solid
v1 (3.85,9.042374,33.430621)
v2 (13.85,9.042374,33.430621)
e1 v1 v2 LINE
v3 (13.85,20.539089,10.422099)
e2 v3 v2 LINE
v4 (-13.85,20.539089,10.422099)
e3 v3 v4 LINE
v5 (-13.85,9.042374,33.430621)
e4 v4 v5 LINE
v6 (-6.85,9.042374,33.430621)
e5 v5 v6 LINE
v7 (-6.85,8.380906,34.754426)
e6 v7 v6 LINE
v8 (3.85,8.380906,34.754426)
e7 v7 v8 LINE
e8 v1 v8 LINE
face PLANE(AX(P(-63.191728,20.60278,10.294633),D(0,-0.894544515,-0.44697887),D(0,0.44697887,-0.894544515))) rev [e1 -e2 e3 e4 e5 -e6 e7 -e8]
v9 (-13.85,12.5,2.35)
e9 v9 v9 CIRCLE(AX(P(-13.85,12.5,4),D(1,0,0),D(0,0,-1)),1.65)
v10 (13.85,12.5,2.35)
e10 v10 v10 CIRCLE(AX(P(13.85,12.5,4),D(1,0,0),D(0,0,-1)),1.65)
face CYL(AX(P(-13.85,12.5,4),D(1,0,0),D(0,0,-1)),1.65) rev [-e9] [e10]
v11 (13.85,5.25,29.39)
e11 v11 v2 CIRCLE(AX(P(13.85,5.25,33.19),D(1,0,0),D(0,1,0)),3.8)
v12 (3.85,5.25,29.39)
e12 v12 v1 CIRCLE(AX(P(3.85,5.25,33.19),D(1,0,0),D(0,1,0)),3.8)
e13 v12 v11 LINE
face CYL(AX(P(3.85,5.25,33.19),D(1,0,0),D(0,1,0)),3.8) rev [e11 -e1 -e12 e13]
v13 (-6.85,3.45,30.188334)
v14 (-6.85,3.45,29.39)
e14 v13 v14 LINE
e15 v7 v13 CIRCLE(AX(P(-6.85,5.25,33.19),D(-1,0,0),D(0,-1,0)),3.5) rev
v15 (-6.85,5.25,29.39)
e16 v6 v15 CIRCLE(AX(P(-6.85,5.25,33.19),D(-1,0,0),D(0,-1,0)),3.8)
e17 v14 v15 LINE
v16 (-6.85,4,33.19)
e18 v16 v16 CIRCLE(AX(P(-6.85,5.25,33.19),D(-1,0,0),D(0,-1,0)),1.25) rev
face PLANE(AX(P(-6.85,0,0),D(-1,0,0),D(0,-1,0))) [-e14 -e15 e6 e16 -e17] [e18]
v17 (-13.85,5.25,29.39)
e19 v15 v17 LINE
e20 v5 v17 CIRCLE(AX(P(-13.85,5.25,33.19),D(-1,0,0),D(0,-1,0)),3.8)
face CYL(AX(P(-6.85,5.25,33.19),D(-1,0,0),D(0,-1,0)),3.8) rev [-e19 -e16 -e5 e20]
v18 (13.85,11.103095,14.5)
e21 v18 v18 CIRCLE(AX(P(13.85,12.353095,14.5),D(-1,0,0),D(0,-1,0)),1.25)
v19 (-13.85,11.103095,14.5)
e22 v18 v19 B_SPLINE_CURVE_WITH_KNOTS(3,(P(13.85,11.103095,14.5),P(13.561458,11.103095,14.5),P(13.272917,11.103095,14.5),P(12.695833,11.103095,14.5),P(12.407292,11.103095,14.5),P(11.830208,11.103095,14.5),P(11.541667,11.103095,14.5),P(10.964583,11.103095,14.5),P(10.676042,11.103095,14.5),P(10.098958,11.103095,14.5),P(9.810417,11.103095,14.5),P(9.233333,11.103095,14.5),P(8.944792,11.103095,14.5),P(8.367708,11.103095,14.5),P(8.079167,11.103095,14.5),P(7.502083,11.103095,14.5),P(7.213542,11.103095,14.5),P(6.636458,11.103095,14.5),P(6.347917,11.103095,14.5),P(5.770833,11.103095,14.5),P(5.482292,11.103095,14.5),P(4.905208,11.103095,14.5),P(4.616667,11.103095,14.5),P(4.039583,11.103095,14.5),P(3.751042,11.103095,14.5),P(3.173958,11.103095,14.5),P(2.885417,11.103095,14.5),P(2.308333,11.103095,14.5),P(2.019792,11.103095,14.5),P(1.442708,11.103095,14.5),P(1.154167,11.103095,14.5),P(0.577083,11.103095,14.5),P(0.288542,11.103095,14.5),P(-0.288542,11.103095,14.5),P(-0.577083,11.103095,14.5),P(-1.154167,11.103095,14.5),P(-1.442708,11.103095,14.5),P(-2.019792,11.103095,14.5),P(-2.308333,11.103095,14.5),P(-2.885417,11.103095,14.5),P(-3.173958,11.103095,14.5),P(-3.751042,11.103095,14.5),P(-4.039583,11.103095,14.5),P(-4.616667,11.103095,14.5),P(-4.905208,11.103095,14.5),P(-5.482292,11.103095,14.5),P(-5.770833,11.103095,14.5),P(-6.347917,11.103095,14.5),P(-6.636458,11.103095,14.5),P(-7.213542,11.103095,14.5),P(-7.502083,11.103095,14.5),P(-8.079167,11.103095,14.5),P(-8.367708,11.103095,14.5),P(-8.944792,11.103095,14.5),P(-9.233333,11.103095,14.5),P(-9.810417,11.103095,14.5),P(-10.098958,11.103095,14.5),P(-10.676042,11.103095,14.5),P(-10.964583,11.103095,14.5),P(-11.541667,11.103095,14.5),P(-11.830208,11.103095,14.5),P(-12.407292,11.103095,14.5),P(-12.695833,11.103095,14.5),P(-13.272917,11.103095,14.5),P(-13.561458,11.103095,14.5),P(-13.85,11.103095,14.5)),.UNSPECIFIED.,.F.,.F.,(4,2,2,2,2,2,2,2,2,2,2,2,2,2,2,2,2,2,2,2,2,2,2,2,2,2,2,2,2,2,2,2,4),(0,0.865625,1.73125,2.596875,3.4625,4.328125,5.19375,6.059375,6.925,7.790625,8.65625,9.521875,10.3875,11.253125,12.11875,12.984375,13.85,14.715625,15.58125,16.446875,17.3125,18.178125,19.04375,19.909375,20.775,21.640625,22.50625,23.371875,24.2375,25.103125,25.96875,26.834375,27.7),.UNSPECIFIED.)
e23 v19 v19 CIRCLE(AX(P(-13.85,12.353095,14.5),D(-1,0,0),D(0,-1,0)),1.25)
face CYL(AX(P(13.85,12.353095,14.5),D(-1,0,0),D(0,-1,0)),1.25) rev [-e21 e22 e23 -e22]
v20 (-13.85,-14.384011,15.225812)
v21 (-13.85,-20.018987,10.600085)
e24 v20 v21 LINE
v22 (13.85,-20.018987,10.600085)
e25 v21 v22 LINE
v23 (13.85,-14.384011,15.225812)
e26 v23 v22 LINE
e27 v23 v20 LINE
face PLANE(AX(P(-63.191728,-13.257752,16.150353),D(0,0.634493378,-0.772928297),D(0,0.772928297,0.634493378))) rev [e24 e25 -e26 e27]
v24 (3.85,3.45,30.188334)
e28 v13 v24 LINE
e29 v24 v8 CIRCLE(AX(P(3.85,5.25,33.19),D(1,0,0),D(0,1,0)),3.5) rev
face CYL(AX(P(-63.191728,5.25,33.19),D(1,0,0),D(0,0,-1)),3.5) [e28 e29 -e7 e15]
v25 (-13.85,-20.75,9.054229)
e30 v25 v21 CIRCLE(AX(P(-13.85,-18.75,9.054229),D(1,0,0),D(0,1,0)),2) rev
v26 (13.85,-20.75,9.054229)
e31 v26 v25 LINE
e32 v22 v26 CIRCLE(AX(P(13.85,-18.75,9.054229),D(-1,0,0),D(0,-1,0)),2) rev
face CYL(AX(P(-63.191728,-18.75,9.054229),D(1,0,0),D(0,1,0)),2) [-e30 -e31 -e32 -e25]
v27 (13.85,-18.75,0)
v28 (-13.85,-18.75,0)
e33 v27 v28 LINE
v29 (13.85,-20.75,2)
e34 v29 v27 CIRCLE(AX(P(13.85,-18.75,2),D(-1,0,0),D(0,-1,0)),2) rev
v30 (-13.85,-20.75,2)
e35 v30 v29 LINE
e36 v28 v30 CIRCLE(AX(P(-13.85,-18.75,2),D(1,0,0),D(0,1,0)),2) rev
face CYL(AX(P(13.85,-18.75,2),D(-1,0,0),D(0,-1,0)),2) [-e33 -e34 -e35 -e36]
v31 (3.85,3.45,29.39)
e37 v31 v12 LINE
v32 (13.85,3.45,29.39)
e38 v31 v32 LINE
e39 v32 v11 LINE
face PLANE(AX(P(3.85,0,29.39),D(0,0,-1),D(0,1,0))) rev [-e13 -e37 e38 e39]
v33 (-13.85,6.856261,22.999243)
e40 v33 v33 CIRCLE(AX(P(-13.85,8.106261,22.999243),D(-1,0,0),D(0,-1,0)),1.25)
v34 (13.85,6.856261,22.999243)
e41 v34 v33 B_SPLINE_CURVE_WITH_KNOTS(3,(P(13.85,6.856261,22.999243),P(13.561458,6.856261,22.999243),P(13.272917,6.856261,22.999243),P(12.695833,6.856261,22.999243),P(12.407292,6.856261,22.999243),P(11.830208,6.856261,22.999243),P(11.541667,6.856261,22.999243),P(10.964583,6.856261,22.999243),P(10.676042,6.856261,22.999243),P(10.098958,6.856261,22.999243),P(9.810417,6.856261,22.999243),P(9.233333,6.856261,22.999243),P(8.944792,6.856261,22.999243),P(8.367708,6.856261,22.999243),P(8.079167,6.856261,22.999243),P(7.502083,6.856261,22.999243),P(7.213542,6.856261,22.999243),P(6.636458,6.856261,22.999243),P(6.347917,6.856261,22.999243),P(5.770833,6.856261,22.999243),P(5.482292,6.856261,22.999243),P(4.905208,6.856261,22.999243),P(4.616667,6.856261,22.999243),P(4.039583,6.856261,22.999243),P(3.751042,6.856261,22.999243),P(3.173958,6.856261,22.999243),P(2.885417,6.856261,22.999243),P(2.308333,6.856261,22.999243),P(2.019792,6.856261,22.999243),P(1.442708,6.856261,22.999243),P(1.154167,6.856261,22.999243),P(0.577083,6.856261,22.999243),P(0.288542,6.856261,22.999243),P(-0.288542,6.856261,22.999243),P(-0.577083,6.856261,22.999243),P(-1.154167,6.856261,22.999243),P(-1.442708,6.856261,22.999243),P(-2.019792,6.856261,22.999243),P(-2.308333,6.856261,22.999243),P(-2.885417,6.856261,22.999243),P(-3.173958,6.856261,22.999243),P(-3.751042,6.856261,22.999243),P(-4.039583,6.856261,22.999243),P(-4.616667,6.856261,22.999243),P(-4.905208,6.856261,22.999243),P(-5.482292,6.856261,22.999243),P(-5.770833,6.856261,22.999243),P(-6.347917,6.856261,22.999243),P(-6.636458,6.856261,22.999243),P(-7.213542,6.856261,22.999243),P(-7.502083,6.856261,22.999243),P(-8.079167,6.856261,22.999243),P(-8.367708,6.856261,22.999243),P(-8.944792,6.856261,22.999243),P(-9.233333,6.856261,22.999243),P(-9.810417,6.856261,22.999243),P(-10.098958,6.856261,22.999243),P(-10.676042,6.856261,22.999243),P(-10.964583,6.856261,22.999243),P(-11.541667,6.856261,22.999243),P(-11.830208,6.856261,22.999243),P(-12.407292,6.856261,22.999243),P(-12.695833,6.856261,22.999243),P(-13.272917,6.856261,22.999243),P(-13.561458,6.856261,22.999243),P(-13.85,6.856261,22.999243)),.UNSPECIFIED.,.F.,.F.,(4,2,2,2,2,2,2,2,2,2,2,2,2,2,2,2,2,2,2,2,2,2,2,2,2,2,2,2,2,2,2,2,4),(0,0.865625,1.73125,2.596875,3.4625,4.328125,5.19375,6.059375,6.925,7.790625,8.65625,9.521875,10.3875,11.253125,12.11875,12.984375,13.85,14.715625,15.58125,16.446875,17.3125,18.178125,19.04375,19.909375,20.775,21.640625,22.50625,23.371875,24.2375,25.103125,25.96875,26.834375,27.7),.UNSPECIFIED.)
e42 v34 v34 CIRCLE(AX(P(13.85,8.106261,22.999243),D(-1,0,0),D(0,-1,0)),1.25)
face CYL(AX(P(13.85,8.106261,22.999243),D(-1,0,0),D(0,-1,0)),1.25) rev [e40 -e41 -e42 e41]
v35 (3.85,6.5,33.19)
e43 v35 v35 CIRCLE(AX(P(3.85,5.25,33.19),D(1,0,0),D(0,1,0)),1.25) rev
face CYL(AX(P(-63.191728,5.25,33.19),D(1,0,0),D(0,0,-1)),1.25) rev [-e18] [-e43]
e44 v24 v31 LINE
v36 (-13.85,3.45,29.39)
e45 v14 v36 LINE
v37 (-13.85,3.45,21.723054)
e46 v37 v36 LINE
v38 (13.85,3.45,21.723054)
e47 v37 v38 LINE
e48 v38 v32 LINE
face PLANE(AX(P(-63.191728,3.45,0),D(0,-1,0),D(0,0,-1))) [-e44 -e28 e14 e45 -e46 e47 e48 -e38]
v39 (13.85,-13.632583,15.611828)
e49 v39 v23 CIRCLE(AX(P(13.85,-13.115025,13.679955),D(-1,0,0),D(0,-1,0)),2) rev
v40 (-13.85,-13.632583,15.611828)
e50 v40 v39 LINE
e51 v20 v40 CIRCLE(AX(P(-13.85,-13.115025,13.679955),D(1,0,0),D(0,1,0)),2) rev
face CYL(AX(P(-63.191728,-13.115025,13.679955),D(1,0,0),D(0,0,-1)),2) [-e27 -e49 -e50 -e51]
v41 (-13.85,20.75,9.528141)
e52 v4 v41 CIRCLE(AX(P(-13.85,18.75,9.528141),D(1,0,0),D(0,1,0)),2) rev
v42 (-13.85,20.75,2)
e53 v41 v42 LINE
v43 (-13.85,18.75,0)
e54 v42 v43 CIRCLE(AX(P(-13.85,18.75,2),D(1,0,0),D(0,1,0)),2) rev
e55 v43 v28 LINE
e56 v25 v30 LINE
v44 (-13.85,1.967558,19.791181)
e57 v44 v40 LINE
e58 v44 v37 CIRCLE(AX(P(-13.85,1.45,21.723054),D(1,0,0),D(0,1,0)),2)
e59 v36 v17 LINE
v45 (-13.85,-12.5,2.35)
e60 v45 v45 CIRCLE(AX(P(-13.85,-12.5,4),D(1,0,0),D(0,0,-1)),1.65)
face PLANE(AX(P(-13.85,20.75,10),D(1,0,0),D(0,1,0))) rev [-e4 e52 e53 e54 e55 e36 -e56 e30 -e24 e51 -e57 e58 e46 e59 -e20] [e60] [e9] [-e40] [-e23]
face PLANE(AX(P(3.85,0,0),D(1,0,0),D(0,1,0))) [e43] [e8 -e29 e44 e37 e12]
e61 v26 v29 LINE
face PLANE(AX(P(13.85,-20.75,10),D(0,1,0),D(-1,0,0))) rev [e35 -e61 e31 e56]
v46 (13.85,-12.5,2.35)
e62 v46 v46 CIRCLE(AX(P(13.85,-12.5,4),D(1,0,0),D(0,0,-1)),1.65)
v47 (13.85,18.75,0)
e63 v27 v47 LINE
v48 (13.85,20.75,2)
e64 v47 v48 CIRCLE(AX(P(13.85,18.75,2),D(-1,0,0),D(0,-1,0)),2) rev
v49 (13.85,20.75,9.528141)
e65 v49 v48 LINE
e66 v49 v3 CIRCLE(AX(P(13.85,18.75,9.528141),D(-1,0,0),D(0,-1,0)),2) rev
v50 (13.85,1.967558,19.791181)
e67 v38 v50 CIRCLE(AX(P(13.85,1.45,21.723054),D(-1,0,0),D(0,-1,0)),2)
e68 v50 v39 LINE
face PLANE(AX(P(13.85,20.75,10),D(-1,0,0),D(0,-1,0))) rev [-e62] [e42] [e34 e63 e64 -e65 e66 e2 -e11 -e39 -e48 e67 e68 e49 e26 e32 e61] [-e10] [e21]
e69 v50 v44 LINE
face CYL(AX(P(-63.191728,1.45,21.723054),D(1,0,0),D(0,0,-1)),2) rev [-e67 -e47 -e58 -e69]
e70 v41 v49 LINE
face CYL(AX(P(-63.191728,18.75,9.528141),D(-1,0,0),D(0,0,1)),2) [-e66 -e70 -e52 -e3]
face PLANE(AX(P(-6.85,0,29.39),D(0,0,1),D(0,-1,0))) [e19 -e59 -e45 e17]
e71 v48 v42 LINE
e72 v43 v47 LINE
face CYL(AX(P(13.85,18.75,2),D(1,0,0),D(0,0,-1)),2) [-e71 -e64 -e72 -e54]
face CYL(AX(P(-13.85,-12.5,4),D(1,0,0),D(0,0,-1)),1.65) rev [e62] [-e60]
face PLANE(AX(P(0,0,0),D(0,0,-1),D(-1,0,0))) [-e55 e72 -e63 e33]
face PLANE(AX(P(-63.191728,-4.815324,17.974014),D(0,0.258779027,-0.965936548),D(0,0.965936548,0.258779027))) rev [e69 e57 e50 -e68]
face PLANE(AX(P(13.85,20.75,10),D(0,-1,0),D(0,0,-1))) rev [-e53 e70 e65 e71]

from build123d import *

# Parameters (mm, degrees)
SKETCH1_W                       = 27.7
SKETCH1_H                       = 41.5
BOSS_EXTRUDE1_DEPTH             = 10
CUT_EXTRUDE2_DEPTH              = 27.877220838
CUT_EXTRUDE2_DEPTH_BACK         = 27.877220838
SKETCH2_R                       = 1.65
BOSS_EXTRUDE2_REACH             = 28.877
SKETCH3_R                       = 1.25
BOSS_EXTRUDE2_DIRECTION_2_REACH = 28.877
CUT_EXTRUDE3_START              = -7
SKETCH4_R                       = 1.25
CUT_EXTRUDE3_DEPTH              = 7
SKETCH6_R                       = 1.25
CUT_EXTRUDE5_DEPTH              = 10
SKETCH5_R                       = 1.25
CUT_EXTRUDE4_DEPTH              = 51.438166105
FILLET1_R                       = 2


with BuildPart() as part:
    # Sketch1 → Boss-Extrude1 (new body)
    with BuildSketch(Plane.XY):
        Rectangle(SKETCH1_W, SKETCH1_H)
    extrude(amount=BOSS_EXTRUDE1_DEPTH)

    # Sketch2 → Cut-Extrude2 (cut, two sides: drawn at the far end of the back side and taken through both)
    with BuildSketch(Plane(origin=(0, 0, 0), x_dir=(0, 0, -1), z_dir=(1, 0, 0)).offset(-CUT_EXTRUDE2_DEPTH_BACK)):
        with Locations((-4, 12.5)):
            Circle(SKETCH2_R)
        with Locations((-4, -12.5)):
            Circle(SKETCH2_R)
    extrude(amount=CUT_EXTRUDE2_DEPTH + CUT_EXTRUDE2_DEPTH_BACK, mode=Mode.SUBTRACT)

    # Boss-Extrude2: up to this face of the body (flat: up to its plane)
    boss_extrude2_end = Plane(part.part.faces().sort_by_distance((-13.85, 0, 5.042991276))[0])
    # Sketch3 → Boss-Extrude2 (add, up to the picked face)
    with BuildSketch(Plane(origin=(0, 0, 0), x_dir=(0, 0, -1), z_dir=(1, 0, 0)), mode=Mode.PRIVATE) as boss_extrude2_sk1:
        Polygon((-15.5, -14.05), (-10, -14.05), (-10, 3.45), (-20.188333796, 3.45), align=None)
    boss_extrude2_tool1 = split(extrude(boss_extrude2_sk1.sketch, amount=-BOSS_EXTRUDE2_REACH, mode=Mode.PRIVATE), bisect_by=boss_extrude2_end, keep=Keep.BOTH, mode=Mode.PRIVATE)
    # Sketch3 → Boss-Extrude2 (add, up to the picked face)
    with BuildSketch(Plane(origin=(0, 0, 0), x_dir=(0, 0, -1), z_dir=(1, 0, 0)), mode=Mode.PRIVATE) as boss_extrude2_sk2:
        with BuildLine():
            Line((-20.188333796, 3.45), (-10, 3.45))
            Line((-10, 3.45), (-10, 20.75))
            Line((-10, 20.75), (-34.754426044, 8.380905804))
            ThreePointArc((-34.754426044, 8.380905804), (-35.758048448, 2.871948872), (-30.188333796, 3.45))
            Line((-30.188333796, 3.45), (-20.188333796, 3.45))
        make_face()
        with Locations(Location((-33.19, 5.25, 0), (0, 0, 90))):
            Circle(SKETCH3_R, mode=Mode.SUBTRACT)
    boss_extrude2_tool2 = split(extrude(boss_extrude2_sk2.sketch, amount=-BOSS_EXTRUDE2_REACH, mode=Mode.PRIVATE), bisect_by=boss_extrude2_end, keep=Keep.BOTH, mode=Mode.PRIVATE)
    # Sketch3 → Boss-Extrude2 (add, up to the picked face)
    with BuildSketch(Plane(origin=(0, 0, 0), x_dir=(0, 0, -1), z_dir=(1, 0, 0)), mode=Mode.PRIVATE) as boss_extrude2_sk3:
        Polygon((-10, -14.05), (-10, -20.75), (-15.5, -14.05), align=None)
    boss_extrude2_tool3 = split(extrude(boss_extrude2_sk3.sketch, amount=-BOSS_EXTRUDE2_REACH, mode=Mode.PRIVATE), bisect_by=boss_extrude2_end, keep=Keep.BOTH, mode=Mode.PRIVATE)
    add(boss_extrude2_tool1.solids().sort_by(Axis((0, -4.428377, 14.038839), (-1, 0, 0)))[0])
    add(boss_extrude2_tool2.solids().sort_by(Axis((0, 9.377547, 20.597774), (-1, 0, 0)))[0])
    add(boss_extrude2_tool3.solids().sort_by(Axis((0, -16.283333, 11.833333), (-1, 0, 0)))[0])

    # Boss-Extrude2 direction 2: up to this face of the body (flat: up to its plane)
    boss_extrude2_direction_2_end = Plane(part.part.faces().sort_by_distance((13.85, 0, 5.042991276))[0])
    # Sketch3 → Boss-Extrude2 direction 2 (add, up to the picked face)
    with BuildSketch(Plane(origin=(0, 0, 0), x_dir=(0, 0, -1), z_dir=(1, 0, 0)), mode=Mode.PRIVATE) as boss_extrude2_direction_2_sk1:
        Polygon((-15.5, -14.05), (-10, -14.05), (-10, 3.45), (-20.188333796, 3.45), align=None)
    boss_extrude2_direction_2_tool1 = split(extrude(boss_extrude2_direction_2_sk1.sketch, amount=BOSS_EXTRUDE2_DIRECTION_2_REACH, mode=Mode.PRIVATE), bisect_by=boss_extrude2_direction_2_end, keep=Keep.BOTH, mode=Mode.PRIVATE)
    # Sketch3 → Boss-Extrude2 direction 2 (add, up to the picked face)
    with BuildSketch(Plane(origin=(0, 0, 0), x_dir=(0, 0, -1), z_dir=(1, 0, 0)), mode=Mode.PRIVATE) as boss_extrude2_direction_2_sk2:
        with BuildLine():
            Line((-20.188333796, 3.45), (-10, 3.45))
            Line((-10, 3.45), (-10, 20.75))
            Line((-10, 20.75), (-34.754426044, 8.380905804))
            ThreePointArc((-34.754426044, 8.380905804), (-35.758048448, 2.871948872), (-30.188333796, 3.45))
            Line((-30.188333796, 3.45), (-20.188333796, 3.45))
        make_face()
        with Locations(Location((-33.19, 5.25, 0), (0, 0, 90))):
            Circle(SKETCH3_R, mode=Mode.SUBTRACT)
    boss_extrude2_direction_2_tool2 = split(extrude(boss_extrude2_direction_2_sk2.sketch, amount=BOSS_EXTRUDE2_DIRECTION_2_REACH, mode=Mode.PRIVATE), bisect_by=boss_extrude2_direction_2_end, keep=Keep.BOTH, mode=Mode.PRIVATE)
    # Sketch3 → Boss-Extrude2 direction 2 (add, up to the picked face)
    with BuildSketch(Plane(origin=(0, 0, 0), x_dir=(0, 0, -1), z_dir=(1, 0, 0)), mode=Mode.PRIVATE) as boss_extrude2_direction_2_sk3:
        Polygon((-10, -14.05), (-10, -20.75), (-15.5, -14.05), align=None)
    boss_extrude2_direction_2_tool3 = split(extrude(boss_extrude2_direction_2_sk3.sketch, amount=BOSS_EXTRUDE2_DIRECTION_2_REACH, mode=Mode.PRIVATE), bisect_by=boss_extrude2_direction_2_end, keep=Keep.BOTH, mode=Mode.PRIVATE)
    add(boss_extrude2_direction_2_tool1.solids().sort_by(Axis((0, -4.428377, 14.038839), (1, 0, 0)))[0])
    add(boss_extrude2_direction_2_tool2.solids().sort_by(Axis((0, 9.377547, 20.597774), (1, 0, 0)))[0])
    add(boss_extrude2_direction_2_tool3.solids().sort_by(Axis((0, -16.283333, 11.833333), (1, 0, 0)))[0])

    # Sketch4 → Cut-Extrude3 (cut)
    # profile 1 of 5: a face of its own
    with BuildSketch(Plane.ZY.offset(13.85).offset(CUT_EXTRUDE3_START)):
        with BuildLine():
            ThreePointArc((34.754426044, 8.380905804), (30.621951552, 7.628051128), (30.188333796, 3.45))
            ThreePointArc((30.188333796, 3.45), (34.123854455, 1.876883361), (36.69, 5.25))
            ThreePointArc((36.69, 5.25), (36.167036375, 7.090449517), (34.754426044, 8.380905804))
        make_face()
        with Locations(Location((33.19, 5.25, 0), (0, 0, 270))):
            Circle(SKETCH4_R, mode=Mode.SUBTRACT)
    # profile 2 of 5: a face of its own
    with BuildSketch(Plane.ZY.offset(13.85).offset(CUT_EXTRUDE3_START)):
        with BuildLine():
            ThreePointArc((29.39, 5.25), (29.505082606, 4.321892356), (29.843359894, 3.45))
            Line((29.843359894, 3.45), (30.188333796, 3.45))
            ThreePointArc((30.188333796, 3.45), (30.621951552, 7.628051128), (34.754426044, 8.380905804))
            Line((34.754426044, 8.380905804), (33.430621051, 9.042374126))
            ThreePointArc((33.430621051, 9.042374126), (30.589457748, 8.020772455), (29.39, 5.25))
        make_face()
    # profile 3 of 5: a face of its own
    with BuildSketch(Plane.ZY.offset(13.85).offset(CUT_EXTRUDE3_START)):
        with BuildLine():
            Line((30.188333796, 3.45), (29.843359894, 3.45))
            ThreePointArc((29.843359894, 3.45), (34.118107644, 1.565082606), (36.99, 5.25))
            ThreePointArc((36.99, 5.25), (35.960772455, 7.850542252), (33.430621051, 9.042374126))
            Line((33.430621051, 9.042374126), (34.754426044, 8.380905804))
            ThreePointArc((34.754426044, 8.380905804), (36.167036375, 7.090449517), (36.69, 5.25))
            ThreePointArc((36.69, 5.25), (34.123854455, 1.876883361), (30.188333796, 3.45))
        make_face()
    # profile 4 of 5: a face of its own
    with BuildSketch(Plane.ZY.offset(13.85).offset(CUT_EXTRUDE3_START)):
        with BuildLine():
            Line((30.188333796, 3.45), (29.843359894, 3.45))
            ThreePointArc((29.843359894, 3.45), (34.118107644, 1.565082606), (36.99, 5.25))
            ThreePointArc((36.99, 5.25), (35.960772455, 7.850542252), (33.430621051, 9.042374126))
            Line((33.430621051, 9.042374126), (34.754426044, 8.380905804))
            ThreePointArc((34.754426044, 8.380905804), (36.167036375, 7.090449517), (36.69, 5.25))
            ThreePointArc((36.69, 5.25), (34.123854455, 1.876883361), (30.188333796, 3.45))
        make_face()
    # profile 5 of 5: a face of its own
    with BuildSketch(Plane.ZY.offset(13.85).offset(CUT_EXTRUDE3_START)):
        with BuildLine():
            Line((29.39, 5.25), (29.39, 3.45))
            Line((29.39, 3.45), (29.843359894, 3.45))
            ThreePointArc((29.843359894, 3.45), (29.505082606, 4.321892356), (29.39, 5.25))
        make_face()
    extrude(amount=CUT_EXTRUDE3_DEPTH, mode=Mode.SUBTRACT)

    # Sketch6 → Cut-Extrude5 (cut)
    # profile 1 of 3: a face of its own
    with BuildSketch(Plane(origin=(13.85, 0, 0), x_dir=(0, 0, -1), z_dir=(1, 0, 0))):
        with BuildLine():
            ThreePointArc((-33.430621051, 9.042374126), (-36.388515387, 3.19829356), (-29.843359894, 3.45))
            Line((-29.843359894, 3.45), (-30.188333796, 3.45))
            ThreePointArc((-30.188333796, 3.45), (-35.758048448, 2.871948872), (-34.754426044, 8.380905804))
            Line((-34.754426044, 8.380905804), (-33.430621051, 9.042374126))
        make_face()
    # profile 2 of 3: a face of its own
    with BuildSketch(Plane(origin=(13.85, 0, 0), x_dir=(0, 0, -1), z_dir=(1, 0, 0))):
        with BuildLine():
            Line((-30.188333796, 3.45), (-29.843359894, 3.45))
            ThreePointArc((-29.843359894, 3.45), (-29.505082606, 4.321892356), (-29.39, 5.25))
            ThreePointArc((-29.39, 5.25), (-30.589457748, 8.020772455), (-33.430621051, 9.042374126))
            Line((-33.430621051, 9.042374126), (-34.754426044, 8.380905804))
            ThreePointArc((-34.754426044, 8.380905804), (-35.758048448, 2.871948872), (-30.188333796, 3.45))
        make_face()
        with Locations(Location((-33.19, 5.25, 0), (0, 0, 90))):
            Circle(SKETCH6_R, mode=Mode.SUBTRACT)
    # profile 3 of 3: a face of its own
    with BuildSketch(Plane(origin=(13.85, 0, 0), x_dir=(0, 0, -1), z_dir=(1, 0, 0))):
        with BuildLine():
            Line((-29.843359894, 3.45), (-29.39, 3.45))
            Line((-29.39, 3.45), (-29.39, 5.25))
            ThreePointArc((-29.39, 5.25), (-29.505082606, 4.321892356), (-29.843359894, 3.45))
        make_face()
    extrude(amount=-CUT_EXTRUDE5_DEPTH, mode=Mode.SUBTRACT)

    # Sketch5 → Cut-Extrude4 (cut, through all)
    with BuildSketch(Plane.ZY.offset(13.85)):
        with Locations(Location((14.5, 12.353095448, 0), (0, 0, 270))):
            Circle(SKETCH5_R)
        with Locations(Location((22.999243301, 8.106261334, 0), (0, 0, 270))):
            Circle(SKETCH5_R)
    extrude(amount=-CUT_EXTRUDE4_DEPTH, mode=Mode.SUBTRACT)

    # Fillet1
    fillet1_edges = [part.edges().sort_by_distance(p)[0] for p in [
        (0, 20.75, 10),
        (0, 3.45, 20.188333796),
        (0, -14.05, 15.5),
        (0, 20.75, 0),
        (0, -20.75, 0),
        (0, -20.75, 10),
    ]]
    fillet(fillet1_edges, radius=FILLET1_R)


solid = part.part
